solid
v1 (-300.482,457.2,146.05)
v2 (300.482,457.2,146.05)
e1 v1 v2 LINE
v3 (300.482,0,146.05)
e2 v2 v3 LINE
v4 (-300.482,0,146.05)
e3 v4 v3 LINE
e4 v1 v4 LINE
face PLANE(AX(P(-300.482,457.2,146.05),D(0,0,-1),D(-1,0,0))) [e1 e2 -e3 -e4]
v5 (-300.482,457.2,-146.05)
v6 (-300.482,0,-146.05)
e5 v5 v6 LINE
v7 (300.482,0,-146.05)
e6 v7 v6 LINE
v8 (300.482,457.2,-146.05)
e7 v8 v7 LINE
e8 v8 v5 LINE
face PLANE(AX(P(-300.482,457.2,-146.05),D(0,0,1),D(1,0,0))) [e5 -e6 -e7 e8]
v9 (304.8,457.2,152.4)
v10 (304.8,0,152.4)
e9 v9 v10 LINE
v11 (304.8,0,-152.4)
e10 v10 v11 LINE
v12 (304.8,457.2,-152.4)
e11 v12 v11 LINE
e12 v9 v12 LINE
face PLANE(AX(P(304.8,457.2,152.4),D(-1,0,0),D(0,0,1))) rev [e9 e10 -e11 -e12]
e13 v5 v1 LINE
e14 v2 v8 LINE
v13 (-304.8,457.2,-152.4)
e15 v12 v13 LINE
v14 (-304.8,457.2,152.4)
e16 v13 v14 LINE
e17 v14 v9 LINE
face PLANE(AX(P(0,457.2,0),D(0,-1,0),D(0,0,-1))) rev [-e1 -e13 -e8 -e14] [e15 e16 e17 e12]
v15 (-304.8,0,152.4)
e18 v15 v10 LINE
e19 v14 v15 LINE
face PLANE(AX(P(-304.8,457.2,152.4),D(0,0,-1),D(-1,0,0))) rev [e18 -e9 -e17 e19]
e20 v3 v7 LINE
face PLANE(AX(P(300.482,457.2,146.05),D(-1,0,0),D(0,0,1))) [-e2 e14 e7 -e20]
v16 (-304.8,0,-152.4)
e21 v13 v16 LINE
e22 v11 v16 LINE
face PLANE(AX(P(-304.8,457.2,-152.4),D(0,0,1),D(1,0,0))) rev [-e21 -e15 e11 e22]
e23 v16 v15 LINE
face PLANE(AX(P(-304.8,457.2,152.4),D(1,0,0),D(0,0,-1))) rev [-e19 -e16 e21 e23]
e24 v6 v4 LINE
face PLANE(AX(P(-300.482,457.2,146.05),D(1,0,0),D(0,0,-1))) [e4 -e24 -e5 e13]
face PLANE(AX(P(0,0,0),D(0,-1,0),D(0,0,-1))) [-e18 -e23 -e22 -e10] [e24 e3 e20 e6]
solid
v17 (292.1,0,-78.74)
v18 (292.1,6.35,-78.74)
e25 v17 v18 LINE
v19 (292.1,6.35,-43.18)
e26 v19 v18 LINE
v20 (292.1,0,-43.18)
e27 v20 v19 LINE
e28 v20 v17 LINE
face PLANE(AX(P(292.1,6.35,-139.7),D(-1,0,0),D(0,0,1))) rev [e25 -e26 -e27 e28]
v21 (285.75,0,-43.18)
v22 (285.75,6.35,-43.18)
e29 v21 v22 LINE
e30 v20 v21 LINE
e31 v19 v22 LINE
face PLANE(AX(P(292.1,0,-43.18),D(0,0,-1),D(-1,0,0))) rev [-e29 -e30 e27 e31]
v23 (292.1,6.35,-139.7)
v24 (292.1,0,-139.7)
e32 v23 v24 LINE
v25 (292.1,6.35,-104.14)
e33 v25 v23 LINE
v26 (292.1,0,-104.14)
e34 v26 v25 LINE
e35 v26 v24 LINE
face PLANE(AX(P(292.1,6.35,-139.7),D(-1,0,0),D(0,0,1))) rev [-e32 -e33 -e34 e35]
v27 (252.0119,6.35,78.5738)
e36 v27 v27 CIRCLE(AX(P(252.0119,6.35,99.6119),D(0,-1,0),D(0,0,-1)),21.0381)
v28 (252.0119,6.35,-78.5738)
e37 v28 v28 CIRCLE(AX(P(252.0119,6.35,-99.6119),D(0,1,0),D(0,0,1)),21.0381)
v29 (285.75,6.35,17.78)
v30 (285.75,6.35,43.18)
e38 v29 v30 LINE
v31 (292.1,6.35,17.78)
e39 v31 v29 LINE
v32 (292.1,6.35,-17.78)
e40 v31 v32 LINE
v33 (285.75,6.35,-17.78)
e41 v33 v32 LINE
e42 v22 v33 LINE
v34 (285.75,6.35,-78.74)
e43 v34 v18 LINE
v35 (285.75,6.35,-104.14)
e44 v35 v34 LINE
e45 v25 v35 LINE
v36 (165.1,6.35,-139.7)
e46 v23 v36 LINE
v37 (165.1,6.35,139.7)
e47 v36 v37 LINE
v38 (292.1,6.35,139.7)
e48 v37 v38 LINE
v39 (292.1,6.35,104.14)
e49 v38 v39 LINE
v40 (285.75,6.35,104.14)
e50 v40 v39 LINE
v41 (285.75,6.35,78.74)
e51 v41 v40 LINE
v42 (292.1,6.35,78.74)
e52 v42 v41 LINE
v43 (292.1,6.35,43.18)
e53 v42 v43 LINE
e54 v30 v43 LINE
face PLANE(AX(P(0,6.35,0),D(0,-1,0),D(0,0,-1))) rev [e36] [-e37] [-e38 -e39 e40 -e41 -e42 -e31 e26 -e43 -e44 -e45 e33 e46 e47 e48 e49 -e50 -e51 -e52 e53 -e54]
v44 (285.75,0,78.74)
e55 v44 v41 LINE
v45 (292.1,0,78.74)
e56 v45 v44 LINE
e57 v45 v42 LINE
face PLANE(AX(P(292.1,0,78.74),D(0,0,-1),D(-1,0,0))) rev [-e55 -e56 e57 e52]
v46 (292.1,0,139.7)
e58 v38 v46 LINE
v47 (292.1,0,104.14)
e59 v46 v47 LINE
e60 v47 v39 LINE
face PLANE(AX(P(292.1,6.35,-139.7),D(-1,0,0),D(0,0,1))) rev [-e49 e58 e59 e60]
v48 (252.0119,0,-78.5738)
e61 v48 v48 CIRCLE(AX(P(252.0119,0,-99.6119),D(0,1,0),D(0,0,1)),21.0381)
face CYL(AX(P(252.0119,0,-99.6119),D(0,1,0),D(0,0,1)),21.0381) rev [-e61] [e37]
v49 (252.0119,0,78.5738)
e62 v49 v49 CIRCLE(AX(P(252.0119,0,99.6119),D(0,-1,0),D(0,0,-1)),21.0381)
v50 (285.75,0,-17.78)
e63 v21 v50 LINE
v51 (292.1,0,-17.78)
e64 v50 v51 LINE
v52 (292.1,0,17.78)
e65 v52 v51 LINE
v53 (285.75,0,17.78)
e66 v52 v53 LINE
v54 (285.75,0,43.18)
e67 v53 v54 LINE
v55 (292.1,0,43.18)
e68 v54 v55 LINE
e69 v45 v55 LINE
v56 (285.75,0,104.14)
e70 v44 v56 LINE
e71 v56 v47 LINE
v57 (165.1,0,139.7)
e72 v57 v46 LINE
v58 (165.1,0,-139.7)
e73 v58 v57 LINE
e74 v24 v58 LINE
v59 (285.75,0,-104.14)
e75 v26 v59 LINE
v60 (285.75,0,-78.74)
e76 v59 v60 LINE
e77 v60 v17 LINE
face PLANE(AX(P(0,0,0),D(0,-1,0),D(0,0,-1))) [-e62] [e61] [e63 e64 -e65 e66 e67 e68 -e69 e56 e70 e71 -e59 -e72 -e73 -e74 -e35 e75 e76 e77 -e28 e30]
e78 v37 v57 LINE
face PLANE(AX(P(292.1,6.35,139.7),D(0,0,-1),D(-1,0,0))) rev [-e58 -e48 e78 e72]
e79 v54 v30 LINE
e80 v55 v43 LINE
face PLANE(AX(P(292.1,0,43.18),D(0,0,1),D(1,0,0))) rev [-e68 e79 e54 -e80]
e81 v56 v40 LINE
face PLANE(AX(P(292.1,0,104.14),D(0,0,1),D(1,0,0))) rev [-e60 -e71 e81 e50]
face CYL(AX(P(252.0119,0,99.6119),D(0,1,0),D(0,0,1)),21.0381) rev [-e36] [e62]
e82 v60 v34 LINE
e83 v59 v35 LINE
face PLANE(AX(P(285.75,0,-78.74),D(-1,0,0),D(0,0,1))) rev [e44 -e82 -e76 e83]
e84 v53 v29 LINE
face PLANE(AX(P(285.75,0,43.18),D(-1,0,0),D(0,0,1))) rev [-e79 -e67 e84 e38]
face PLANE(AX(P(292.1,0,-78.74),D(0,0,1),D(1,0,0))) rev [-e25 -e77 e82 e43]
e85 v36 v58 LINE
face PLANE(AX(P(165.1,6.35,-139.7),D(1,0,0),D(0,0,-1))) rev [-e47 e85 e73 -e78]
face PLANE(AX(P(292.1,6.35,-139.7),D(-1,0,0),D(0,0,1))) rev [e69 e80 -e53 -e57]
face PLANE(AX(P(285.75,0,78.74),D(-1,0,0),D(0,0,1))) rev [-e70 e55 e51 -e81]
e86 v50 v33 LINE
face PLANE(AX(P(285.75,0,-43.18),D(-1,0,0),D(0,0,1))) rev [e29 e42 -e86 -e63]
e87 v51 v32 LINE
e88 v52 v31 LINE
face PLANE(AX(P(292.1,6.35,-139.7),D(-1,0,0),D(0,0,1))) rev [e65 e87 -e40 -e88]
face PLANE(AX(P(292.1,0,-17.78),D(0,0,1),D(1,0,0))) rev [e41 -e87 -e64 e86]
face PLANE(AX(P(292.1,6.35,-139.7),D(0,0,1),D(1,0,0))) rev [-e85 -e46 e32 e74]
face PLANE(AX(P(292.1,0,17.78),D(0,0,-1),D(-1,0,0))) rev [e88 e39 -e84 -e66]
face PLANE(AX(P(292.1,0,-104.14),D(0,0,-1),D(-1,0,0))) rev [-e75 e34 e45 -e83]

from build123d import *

# Parameters (mm, degrees)
SKETCH1_W           = 127
SKETCH1_H           = 279.4
BOSS_EXTRUDE1_DEPTH = 6.35
SKETCH3_W           = 609.6
SKETCH3_H           = 304.8
SKETCH3_W_2         = 600.964
SKETCH3_H_2         = 292.1
BOSS_EXTRUDE3_DEPTH = 457.2
SKETCH4_R           = 21.038100037
CUT_EXTRUDE1_DEPTH  = 566.15
SKETCH5_W           = 6.35
SKETCH5_H           = 25.4
CUT_EXTRUDE2_DEPTH  = 566.15


with BuildPart() as part:
    # Sketch1 → Boss-Extrude1 (new body)
    with BuildSketch(Plane(origin=(0, 0, 0), x_dir=(1, 0, 0), z_dir=(0, 1, 0))):
        with Locations((228.6, 0)):
            Rectangle(SKETCH1_W, SKETCH1_H)
    extrude(amount=BOSS_EXTRUDE1_DEPTH)

    # Sketch4 → Cut-Extrude1 (cut, through all)
    with BuildSketch(Plane(origin=(0, 6.35, 0), x_dir=(1, 0, 0), z_dir=(0, 1, 0))):
        with Locations(Location((252.011899963, 99.611899963, 0), (0, 0, 270))):
            Circle(SKETCH4_R)
    cut_extrude1 = extrude(amount=-CUT_EXTRUDE1_DEPTH, mode=Mode.SUBTRACT)

    # Mirror1: Cut-Extrude1 across plane
    add(cut_extrude1.mirror(Plane.XY), mode=Mode.SUBTRACT)

    # Sketch5 → Cut-Extrude2 (cut, through all)
    with BuildSketch(Plane(origin=(0, 6.35, 0), x_dir=(1, 0, 0), z_dir=(0, 1, 0))):
        with Locations((288.925, 30.48)):
            Rectangle(SKETCH5_W, SKETCH5_H)
        with Locations((288.925, 91.44)):
            Rectangle(SKETCH5_W, SKETCH5_H)
        with Locations((288.925, -91.44)):
            Rectangle(SKETCH5_W, SKETCH5_H)
        with Locations((288.925, -30.48)):
            Rectangle(SKETCH5_W, SKETCH5_H)
    extrude(amount=-CUT_EXTRUDE2_DEPTH, mode=Mode.SUBTRACT)


with BuildPart() as body_2:
    # Sketch3 → Boss-Extrude3 (new body)
    with BuildSketch(Plane(origin=(0, 0, 0), x_dir=(1, 0, 0), z_dir=(0, 1, 0))):
        Rectangle(SKETCH3_W, SKETCH3_H)
        Rectangle(SKETCH3_W_2, SKETCH3_H_2, mode=Mode.SUBTRACT)
    extrude(amount=BOSS_EXTRUDE3_DEPTH)


solid = Compound([part.part, body_2.part])
